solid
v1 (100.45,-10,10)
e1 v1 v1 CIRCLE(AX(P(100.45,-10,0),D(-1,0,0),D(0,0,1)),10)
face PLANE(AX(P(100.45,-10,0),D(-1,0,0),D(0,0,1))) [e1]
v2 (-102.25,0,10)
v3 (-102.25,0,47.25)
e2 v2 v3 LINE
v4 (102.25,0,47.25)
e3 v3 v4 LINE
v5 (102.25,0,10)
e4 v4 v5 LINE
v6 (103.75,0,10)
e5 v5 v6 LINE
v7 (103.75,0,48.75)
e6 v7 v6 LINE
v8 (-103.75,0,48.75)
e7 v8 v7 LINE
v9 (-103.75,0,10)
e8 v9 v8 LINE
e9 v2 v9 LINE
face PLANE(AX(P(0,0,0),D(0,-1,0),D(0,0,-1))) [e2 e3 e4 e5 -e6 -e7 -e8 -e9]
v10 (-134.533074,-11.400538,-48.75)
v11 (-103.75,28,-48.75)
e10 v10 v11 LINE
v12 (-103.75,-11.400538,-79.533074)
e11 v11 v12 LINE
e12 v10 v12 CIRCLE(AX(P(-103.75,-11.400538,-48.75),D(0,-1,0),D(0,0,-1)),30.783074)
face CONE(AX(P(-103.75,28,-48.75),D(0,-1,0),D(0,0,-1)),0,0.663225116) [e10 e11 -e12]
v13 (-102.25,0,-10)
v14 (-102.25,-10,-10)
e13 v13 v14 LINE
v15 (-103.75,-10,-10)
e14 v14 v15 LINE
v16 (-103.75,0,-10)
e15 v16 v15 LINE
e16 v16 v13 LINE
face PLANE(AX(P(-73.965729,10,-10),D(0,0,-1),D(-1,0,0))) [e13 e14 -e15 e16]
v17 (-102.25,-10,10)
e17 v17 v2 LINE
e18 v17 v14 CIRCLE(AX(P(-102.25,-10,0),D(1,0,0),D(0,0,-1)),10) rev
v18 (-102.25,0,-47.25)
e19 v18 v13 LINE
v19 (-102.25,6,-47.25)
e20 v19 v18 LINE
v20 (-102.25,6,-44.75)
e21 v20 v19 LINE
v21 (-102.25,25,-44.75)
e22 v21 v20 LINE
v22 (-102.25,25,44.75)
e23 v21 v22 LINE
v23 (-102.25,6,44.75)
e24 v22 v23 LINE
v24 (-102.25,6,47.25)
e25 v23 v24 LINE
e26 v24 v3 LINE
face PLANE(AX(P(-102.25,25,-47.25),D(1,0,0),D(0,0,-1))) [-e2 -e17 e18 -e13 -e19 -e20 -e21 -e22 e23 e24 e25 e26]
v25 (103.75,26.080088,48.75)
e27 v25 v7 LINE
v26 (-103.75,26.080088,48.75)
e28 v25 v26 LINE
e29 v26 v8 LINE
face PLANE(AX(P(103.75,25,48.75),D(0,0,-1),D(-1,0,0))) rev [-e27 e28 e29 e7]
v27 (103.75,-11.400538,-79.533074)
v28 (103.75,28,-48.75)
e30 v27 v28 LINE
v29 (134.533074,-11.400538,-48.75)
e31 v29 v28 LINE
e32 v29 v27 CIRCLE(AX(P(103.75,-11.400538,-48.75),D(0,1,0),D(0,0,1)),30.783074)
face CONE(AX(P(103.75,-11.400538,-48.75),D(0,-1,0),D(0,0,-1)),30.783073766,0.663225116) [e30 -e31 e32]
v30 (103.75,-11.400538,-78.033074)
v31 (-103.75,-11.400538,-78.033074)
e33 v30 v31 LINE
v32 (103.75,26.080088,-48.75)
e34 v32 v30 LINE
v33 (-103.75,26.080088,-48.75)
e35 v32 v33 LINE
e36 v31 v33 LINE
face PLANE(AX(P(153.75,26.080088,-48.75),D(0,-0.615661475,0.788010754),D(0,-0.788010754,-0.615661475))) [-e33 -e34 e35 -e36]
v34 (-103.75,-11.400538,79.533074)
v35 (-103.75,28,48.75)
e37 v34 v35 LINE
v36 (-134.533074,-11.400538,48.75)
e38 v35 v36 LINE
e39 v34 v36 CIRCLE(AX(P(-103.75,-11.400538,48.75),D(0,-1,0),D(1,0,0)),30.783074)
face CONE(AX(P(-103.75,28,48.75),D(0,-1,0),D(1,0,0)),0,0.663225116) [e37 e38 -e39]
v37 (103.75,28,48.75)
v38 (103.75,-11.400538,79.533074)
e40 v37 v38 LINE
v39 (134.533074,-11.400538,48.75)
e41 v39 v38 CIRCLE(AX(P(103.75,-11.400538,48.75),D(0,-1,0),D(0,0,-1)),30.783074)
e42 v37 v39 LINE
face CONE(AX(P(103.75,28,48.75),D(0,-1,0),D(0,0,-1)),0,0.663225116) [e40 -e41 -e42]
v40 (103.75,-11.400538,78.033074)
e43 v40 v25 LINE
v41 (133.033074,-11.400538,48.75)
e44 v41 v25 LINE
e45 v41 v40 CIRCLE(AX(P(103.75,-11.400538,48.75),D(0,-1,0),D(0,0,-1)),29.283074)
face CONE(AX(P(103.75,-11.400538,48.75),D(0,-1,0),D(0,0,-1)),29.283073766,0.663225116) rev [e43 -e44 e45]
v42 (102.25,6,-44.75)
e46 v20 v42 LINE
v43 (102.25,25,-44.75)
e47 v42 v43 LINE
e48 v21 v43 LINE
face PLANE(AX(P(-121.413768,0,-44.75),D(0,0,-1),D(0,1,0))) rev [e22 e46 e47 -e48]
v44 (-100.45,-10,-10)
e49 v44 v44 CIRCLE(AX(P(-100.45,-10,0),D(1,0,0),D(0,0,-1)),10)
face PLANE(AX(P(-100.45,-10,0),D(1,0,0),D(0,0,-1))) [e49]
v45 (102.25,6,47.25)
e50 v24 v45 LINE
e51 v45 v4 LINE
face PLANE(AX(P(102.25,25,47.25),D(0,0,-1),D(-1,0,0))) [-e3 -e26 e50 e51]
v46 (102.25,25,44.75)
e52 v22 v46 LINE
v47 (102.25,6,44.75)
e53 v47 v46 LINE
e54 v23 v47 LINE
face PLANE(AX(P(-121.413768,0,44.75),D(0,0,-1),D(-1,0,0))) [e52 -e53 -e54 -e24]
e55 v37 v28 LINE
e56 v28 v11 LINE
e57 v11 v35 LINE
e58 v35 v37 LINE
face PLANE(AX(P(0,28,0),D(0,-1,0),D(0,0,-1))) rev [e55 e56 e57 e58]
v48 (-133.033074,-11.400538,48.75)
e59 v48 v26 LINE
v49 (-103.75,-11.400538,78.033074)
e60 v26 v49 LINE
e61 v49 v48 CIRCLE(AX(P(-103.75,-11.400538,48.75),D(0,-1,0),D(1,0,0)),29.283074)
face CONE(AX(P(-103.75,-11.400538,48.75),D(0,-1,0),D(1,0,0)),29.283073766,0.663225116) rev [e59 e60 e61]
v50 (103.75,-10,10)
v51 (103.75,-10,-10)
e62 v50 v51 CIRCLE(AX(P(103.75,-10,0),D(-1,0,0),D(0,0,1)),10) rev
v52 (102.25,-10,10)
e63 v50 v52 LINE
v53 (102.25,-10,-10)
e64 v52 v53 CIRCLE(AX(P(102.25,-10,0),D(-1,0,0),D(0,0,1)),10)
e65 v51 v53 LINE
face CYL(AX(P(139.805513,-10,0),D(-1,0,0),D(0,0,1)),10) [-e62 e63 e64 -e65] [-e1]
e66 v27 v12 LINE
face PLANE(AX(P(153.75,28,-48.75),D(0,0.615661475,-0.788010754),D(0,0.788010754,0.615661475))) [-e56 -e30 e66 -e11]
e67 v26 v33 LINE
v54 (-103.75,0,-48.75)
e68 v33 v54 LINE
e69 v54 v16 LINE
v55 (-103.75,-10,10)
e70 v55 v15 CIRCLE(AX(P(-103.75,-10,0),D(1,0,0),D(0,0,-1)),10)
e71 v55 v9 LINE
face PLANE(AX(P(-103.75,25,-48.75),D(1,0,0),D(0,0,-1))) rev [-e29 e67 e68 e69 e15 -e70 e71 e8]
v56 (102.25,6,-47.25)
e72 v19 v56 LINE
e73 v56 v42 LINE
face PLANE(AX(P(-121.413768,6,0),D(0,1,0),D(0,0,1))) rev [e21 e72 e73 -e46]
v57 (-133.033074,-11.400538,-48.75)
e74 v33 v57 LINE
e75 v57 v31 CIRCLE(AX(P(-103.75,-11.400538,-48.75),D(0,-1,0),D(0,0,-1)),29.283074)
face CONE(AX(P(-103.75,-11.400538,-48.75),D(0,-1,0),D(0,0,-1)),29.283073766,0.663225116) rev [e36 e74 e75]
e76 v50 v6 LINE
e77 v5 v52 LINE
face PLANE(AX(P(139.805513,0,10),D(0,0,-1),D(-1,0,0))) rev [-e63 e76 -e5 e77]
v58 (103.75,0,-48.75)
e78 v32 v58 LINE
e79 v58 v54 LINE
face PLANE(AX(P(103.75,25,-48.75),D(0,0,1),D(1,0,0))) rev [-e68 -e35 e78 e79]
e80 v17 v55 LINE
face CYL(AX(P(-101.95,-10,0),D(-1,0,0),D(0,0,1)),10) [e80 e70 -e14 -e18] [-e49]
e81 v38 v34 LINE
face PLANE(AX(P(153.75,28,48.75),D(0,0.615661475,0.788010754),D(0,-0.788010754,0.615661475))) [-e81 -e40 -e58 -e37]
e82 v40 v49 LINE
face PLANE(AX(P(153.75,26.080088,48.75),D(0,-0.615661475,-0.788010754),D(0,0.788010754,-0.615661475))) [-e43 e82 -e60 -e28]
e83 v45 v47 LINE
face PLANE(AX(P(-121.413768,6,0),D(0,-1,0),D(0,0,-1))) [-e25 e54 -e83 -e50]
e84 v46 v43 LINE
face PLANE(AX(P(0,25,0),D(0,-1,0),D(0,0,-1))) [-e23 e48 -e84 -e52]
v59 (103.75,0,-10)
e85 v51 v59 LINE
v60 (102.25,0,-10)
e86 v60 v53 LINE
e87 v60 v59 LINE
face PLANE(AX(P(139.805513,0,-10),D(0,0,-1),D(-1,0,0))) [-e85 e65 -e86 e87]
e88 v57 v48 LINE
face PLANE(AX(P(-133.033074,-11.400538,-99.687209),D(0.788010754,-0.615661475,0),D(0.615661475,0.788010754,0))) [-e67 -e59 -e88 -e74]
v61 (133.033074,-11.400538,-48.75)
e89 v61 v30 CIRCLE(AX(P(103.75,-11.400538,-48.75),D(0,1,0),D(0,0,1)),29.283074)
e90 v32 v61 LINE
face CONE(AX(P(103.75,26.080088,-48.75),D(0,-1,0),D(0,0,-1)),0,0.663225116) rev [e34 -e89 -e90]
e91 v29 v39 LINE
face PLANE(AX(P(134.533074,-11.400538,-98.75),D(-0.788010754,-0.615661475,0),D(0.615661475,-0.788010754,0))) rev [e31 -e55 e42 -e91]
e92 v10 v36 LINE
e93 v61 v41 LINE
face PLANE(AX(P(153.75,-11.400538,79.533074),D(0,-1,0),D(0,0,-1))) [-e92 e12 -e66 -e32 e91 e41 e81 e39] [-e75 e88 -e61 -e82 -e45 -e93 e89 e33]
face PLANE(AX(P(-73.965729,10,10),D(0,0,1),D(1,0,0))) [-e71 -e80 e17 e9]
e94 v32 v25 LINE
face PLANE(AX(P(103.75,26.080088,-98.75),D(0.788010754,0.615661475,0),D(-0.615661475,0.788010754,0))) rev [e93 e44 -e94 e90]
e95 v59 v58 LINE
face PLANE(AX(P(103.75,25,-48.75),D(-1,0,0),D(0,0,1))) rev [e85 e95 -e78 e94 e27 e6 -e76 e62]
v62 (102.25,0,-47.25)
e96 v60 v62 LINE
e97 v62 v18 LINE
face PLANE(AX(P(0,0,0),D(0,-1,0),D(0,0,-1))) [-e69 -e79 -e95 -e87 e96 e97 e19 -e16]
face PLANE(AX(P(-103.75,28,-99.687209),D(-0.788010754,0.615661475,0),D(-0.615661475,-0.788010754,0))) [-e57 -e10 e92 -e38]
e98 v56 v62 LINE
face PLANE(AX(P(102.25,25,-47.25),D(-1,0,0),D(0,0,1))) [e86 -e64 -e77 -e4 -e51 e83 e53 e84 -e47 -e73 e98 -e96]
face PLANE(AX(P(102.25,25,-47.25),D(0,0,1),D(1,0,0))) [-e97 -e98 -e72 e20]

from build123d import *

# Parameters (mm, degrees)
CROQUIS1_W               = 207.5
CROQUIS1_H               = 97.5
CROQUIS1_W_2             = 204.5
CROQUIS1_H_2             = 94.5
SALIENTE_EXTRUIR1_DEPTH  = 25
CROQUIS2_W               = 207.5
CROQUIS2_H               = 97.5
SALIENTE_EXTRUIR2_DEPTH  = 3
SALIENTE_EXTRUIR3_DEPTH  = 207.5
SALIENTE_EXTRUIR4_DEPTH  = 97.5
REVOLUCI_N1_ANGLE        = 90
REVOLUCI_N2_ANGLE        = 90
REVOLUCI_N3_ANGLE        = 90
REVOLUCI_N4_ANGLE        = 90
SALIENTE_EXTRUIR5_DEPTH  = 97.5
CROQUIS10_W              = 2.5
CROQUIS10_H              = 19
SALIENTE_EXTRUIR6_DEPTH  = 204.5
CROQUIS11_W              = 2.5
CROQUIS11_H              = 19
SALIENTE_EXTRUIR7_DEPTH  = 204.5
CROQUIS13_R              = 10
SALIENTE_EXTRUIR8_DEPTH  = 0.3
CROQUIS14_R              = 10
SALIENTE_EXTRUIR9_DEPTH  = 1.5
CROQUIS15_W              = 20
CROQUIS15_H              = 20
SALIENTE_EXTRUIR10_DEPTH = 1.5
SALIENTE_EXTRUIR11_DEPTH = 1.5
CROQUIS17_R              = 10
SALIENTE_EXTRUIR12_DEPTH = 0.3
CROQUIS18_R              = 10
SALIENTE_EXTRUIR13_DEPTH = 1.5
CROQUIS19_R              = 10
SALIENTE_EXTRUIR14_DEPTH = 1.5


with BuildPart() as part:
    # Croquis1 → Saliente-Extruir1 (new body)
    with BuildSketch(Plane(origin=(0, 0, 0), x_dir=(1, 0, 0), z_dir=(0, 1, 0))):
        Rectangle(CROQUIS1_W, CROQUIS1_H)
        Rectangle(CROQUIS1_W_2, CROQUIS1_H_2, mode=Mode.SUBTRACT)
    extrude(amount=SALIENTE_EXTRUIR1_DEPTH)

    # Croquis2 → Saliente-Extruir2 (add)
    with BuildSketch(Plane(origin=(0, 25, 0), x_dir=(1, 0, 0), z_dir=(0, 1, 0))):
        Rectangle(CROQUIS2_W, CROQUIS2_H)
    extrude(amount=SALIENTE_EXTRUIR2_DEPTH)

    # Croquis3 → Saliente-Extruir3 (add)
    with BuildSketch(Plane.ZY.offset(103.75)):
        Polygon((48.75, 28), (79.533073766, -11.40053768), (78.033073766, -11.40053768), (48.75, 26.080087552), align=None)
        Polygon((-48.75, 28), (-79.533073766, -11.40053768), (-78.033073766, -11.40053768), (-48.75, 26.080087552), align=None)
    extrude(amount=-SALIENTE_EXTRUIR3_DEPTH)

    # Croquis4 → Saliente-Extruir4 (add)
    with BuildSketch(Plane.XY.offset(48.75)):
        Polygon((-103.75, 28), (-134.533073766, -11.40053768), (-133.033073766, -11.40053768), (-102.25, 28), align=None)
    extrude(amount=-SALIENTE_EXTRUIR4_DEPTH)

    # Croquis5 → Revolución1 (revolve)
    with BuildSketch(Plane.XY.offset(48.75)):
        Polygon((-103.75, 28), (-134.533073766, -11.40053768), (-133.033073766, -11.40053768), (-103.75, 26.080087552), align=None)
    revolve(axis=Axis((-103.75, 26.080087552, 48.75), (0, 1, 0)), revolution_arc=REVOLUCI_N1_ANGLE)

    # Croquis6 → Revolución2 (revolve)
    with BuildSketch(Plane.ZY.offset(103.75)):
        Polygon((-48.75, 28), (-79.533073766, -11.40053768), (-78.033073766, -11.40053768), (-48.75, 26.080087552), align=None)
    revolve(axis=Axis((-103.75, 26.080087552, -48.75), (0, 1, 0)), revolution_arc=REVOLUCI_N2_ANGLE)

    # Croquis7 → Revolución3 (revolve)
    with BuildSketch(Plane(origin=(103.75, 0, 0), x_dir=(0, 0, -1), z_dir=(1, 0, 0))):
        Polygon((48.75, 26.080087552), (48.75, 28), (79.533073766, -11.40053768), (78.033073766, -11.40053768), align=None)
    revolve(axis=Axis((103.75, 26.080087552, -48.75), (0, -1, 0)), revolution_arc=REVOLUCI_N3_ANGLE)

    # Croquis8 → Revolución4 (revolve)
    with BuildSketch(Plane(origin=(103.75, 0, 0), x_dir=(0, 0, -1), z_dir=(1, 0, 0))):
        Polygon((-48.75, 28), (-79.533073766, -11.40053768), (-78.033073766, -11.40053768), (-48.75, 26.080087552), align=None)
    revolve(axis=Axis((103.75, 26.080087552, 48.75), (0, 1, 0)), revolution_arc=REVOLUCI_N4_ANGLE)

    # Croquis9 → Saliente-Extruir5 (add)
    with BuildSketch(Plane(origin=(0, 0, 48.75), x_dir=(-1, 0, 0), z_dir=(0, 0, -1))):
        Polygon((-103.75, 28), (-103.75, 26.080087552), (-133.033073766, -11.40053768), (-134.533073766, -11.40053768), align=None)
    extrude(amount=SALIENTE_EXTRUIR5_DEPTH)

    # Croquis10 → Saliente-Extruir6 (add)
    with BuildSketch(Plane.ZY.offset(-102.25)):
        with Locations((46, 15.5)):
            Rectangle(CROQUIS10_W, CROQUIS10_H)
    extrude(amount=SALIENTE_EXTRUIR6_DEPTH)

    # Croquis11 → Saliente-Extruir7 (add)
    with BuildSketch(Plane.ZY.offset(-102.25)):
        with Locations((-46, 15.5)):
            Rectangle(CROQUIS11_W, CROQUIS11_H)
    extrude(amount=SALIENTE_EXTRUIR7_DEPTH)



with BuildPart() as body_2:
    # Croquis13 → Saliente-Extruir8 (new body)
    with BuildSketch(Plane(origin=(-102.25, 0, 0), x_dir=(0, 0, -1), z_dir=(1, 0, 0))):
        with Locations((0, -10)):
            Circle(CROQUIS13_R)
    extrude(amount=SALIENTE_EXTRUIR8_DEPTH)

    # Croquis14 → Saliente-Extruir9 (add)
    with BuildSketch(Plane.ZY.offset(102.25)):
        with Locations((0, -10)):
            Circle(CROQUIS14_R)
    extrude(amount=SALIENTE_EXTRUIR9_DEPTH)


with BuildPart() as part_1:
    add(part.part)

    add(body_2.part)  # Saliente-Extruir10 merges body 2
    # Croquis15 → Saliente-Extruir10 (add)
    with BuildSketch(Plane.ZY.offset(103.75)):
        Rectangle(CROQUIS15_W, CROQUIS15_H)
    extrude(amount=-SALIENTE_EXTRUIR10_DEPTH)

    # Croquis16 → Saliente-Extruir11 (add)
    with BuildSketch(Plane.ZY.offset(-102.25)):
        with BuildLine():
            Line((10, -10), (0, -10))
            Line((0, -10), (-10, -10))
            ThreePointArc((-10, -10), (0, -20), (10, -10))
        make_face()
        with BuildLine():
            ThreePointArc((10, -10), (7.071067812, -2.928932188), (0, 0))
            Line((0, 0), (0, -10))
            Line((0, -10), (10, -10))
        make_face()
        with BuildLine():
            Line((0, -10), (0, 0))
            ThreePointArc((0, 0), (-7.071067812, -2.928932188), (-10, -10))
            Line((-10, -10), (0, -10))
        make_face()
        with BuildLine():
            ThreePointArc((-10, -10), (-7.071067812, -2.928932188), (0, 0))
            Line((0, 0), (-10, 0))
            Line((-10, 0), (-10, -10))
        make_face()
        with BuildLine():
            Line((10, 0), (0, 0))
            ThreePointArc((0, 0), (7.071067812, -2.928932188), (10, -10))
            Line((10, -10), (10, 0))
        make_face()
        Polygon((-10, 0), (0, 0), (10, 0), (10, 10), (-10, 10), align=None)
    extrude(amount=-SALIENTE_EXTRUIR11_DEPTH)

    # Croquis17 → Saliente-Extruir12 (add)
    with BuildSketch(Plane.ZY.offset(-102.25)):
        with Locations((0, -10)):
            Circle(CROQUIS17_R)
    extrude(amount=SALIENTE_EXTRUIR12_DEPTH)

    # Croquis18 → Saliente-Extruir13 (add)
    with BuildSketch(Plane.ZY.offset(-101.95)):
        with Locations((0, -10)):
            Circle(CROQUIS18_R)
    extrude(amount=SALIENTE_EXTRUIR13_DEPTH)

    # Croquis19 → Saliente-Extruir14 (add)
    with BuildSketch(Plane(origin=(-101.95, 0, 0), x_dir=(0, 0, -1), z_dir=(1, 0, 0))):
        with Locations((0, -10)):
            Circle(CROQUIS19_R)
    extrude(amount=SALIENTE_EXTRUIR14_DEPTH)


solid = part_1.part
